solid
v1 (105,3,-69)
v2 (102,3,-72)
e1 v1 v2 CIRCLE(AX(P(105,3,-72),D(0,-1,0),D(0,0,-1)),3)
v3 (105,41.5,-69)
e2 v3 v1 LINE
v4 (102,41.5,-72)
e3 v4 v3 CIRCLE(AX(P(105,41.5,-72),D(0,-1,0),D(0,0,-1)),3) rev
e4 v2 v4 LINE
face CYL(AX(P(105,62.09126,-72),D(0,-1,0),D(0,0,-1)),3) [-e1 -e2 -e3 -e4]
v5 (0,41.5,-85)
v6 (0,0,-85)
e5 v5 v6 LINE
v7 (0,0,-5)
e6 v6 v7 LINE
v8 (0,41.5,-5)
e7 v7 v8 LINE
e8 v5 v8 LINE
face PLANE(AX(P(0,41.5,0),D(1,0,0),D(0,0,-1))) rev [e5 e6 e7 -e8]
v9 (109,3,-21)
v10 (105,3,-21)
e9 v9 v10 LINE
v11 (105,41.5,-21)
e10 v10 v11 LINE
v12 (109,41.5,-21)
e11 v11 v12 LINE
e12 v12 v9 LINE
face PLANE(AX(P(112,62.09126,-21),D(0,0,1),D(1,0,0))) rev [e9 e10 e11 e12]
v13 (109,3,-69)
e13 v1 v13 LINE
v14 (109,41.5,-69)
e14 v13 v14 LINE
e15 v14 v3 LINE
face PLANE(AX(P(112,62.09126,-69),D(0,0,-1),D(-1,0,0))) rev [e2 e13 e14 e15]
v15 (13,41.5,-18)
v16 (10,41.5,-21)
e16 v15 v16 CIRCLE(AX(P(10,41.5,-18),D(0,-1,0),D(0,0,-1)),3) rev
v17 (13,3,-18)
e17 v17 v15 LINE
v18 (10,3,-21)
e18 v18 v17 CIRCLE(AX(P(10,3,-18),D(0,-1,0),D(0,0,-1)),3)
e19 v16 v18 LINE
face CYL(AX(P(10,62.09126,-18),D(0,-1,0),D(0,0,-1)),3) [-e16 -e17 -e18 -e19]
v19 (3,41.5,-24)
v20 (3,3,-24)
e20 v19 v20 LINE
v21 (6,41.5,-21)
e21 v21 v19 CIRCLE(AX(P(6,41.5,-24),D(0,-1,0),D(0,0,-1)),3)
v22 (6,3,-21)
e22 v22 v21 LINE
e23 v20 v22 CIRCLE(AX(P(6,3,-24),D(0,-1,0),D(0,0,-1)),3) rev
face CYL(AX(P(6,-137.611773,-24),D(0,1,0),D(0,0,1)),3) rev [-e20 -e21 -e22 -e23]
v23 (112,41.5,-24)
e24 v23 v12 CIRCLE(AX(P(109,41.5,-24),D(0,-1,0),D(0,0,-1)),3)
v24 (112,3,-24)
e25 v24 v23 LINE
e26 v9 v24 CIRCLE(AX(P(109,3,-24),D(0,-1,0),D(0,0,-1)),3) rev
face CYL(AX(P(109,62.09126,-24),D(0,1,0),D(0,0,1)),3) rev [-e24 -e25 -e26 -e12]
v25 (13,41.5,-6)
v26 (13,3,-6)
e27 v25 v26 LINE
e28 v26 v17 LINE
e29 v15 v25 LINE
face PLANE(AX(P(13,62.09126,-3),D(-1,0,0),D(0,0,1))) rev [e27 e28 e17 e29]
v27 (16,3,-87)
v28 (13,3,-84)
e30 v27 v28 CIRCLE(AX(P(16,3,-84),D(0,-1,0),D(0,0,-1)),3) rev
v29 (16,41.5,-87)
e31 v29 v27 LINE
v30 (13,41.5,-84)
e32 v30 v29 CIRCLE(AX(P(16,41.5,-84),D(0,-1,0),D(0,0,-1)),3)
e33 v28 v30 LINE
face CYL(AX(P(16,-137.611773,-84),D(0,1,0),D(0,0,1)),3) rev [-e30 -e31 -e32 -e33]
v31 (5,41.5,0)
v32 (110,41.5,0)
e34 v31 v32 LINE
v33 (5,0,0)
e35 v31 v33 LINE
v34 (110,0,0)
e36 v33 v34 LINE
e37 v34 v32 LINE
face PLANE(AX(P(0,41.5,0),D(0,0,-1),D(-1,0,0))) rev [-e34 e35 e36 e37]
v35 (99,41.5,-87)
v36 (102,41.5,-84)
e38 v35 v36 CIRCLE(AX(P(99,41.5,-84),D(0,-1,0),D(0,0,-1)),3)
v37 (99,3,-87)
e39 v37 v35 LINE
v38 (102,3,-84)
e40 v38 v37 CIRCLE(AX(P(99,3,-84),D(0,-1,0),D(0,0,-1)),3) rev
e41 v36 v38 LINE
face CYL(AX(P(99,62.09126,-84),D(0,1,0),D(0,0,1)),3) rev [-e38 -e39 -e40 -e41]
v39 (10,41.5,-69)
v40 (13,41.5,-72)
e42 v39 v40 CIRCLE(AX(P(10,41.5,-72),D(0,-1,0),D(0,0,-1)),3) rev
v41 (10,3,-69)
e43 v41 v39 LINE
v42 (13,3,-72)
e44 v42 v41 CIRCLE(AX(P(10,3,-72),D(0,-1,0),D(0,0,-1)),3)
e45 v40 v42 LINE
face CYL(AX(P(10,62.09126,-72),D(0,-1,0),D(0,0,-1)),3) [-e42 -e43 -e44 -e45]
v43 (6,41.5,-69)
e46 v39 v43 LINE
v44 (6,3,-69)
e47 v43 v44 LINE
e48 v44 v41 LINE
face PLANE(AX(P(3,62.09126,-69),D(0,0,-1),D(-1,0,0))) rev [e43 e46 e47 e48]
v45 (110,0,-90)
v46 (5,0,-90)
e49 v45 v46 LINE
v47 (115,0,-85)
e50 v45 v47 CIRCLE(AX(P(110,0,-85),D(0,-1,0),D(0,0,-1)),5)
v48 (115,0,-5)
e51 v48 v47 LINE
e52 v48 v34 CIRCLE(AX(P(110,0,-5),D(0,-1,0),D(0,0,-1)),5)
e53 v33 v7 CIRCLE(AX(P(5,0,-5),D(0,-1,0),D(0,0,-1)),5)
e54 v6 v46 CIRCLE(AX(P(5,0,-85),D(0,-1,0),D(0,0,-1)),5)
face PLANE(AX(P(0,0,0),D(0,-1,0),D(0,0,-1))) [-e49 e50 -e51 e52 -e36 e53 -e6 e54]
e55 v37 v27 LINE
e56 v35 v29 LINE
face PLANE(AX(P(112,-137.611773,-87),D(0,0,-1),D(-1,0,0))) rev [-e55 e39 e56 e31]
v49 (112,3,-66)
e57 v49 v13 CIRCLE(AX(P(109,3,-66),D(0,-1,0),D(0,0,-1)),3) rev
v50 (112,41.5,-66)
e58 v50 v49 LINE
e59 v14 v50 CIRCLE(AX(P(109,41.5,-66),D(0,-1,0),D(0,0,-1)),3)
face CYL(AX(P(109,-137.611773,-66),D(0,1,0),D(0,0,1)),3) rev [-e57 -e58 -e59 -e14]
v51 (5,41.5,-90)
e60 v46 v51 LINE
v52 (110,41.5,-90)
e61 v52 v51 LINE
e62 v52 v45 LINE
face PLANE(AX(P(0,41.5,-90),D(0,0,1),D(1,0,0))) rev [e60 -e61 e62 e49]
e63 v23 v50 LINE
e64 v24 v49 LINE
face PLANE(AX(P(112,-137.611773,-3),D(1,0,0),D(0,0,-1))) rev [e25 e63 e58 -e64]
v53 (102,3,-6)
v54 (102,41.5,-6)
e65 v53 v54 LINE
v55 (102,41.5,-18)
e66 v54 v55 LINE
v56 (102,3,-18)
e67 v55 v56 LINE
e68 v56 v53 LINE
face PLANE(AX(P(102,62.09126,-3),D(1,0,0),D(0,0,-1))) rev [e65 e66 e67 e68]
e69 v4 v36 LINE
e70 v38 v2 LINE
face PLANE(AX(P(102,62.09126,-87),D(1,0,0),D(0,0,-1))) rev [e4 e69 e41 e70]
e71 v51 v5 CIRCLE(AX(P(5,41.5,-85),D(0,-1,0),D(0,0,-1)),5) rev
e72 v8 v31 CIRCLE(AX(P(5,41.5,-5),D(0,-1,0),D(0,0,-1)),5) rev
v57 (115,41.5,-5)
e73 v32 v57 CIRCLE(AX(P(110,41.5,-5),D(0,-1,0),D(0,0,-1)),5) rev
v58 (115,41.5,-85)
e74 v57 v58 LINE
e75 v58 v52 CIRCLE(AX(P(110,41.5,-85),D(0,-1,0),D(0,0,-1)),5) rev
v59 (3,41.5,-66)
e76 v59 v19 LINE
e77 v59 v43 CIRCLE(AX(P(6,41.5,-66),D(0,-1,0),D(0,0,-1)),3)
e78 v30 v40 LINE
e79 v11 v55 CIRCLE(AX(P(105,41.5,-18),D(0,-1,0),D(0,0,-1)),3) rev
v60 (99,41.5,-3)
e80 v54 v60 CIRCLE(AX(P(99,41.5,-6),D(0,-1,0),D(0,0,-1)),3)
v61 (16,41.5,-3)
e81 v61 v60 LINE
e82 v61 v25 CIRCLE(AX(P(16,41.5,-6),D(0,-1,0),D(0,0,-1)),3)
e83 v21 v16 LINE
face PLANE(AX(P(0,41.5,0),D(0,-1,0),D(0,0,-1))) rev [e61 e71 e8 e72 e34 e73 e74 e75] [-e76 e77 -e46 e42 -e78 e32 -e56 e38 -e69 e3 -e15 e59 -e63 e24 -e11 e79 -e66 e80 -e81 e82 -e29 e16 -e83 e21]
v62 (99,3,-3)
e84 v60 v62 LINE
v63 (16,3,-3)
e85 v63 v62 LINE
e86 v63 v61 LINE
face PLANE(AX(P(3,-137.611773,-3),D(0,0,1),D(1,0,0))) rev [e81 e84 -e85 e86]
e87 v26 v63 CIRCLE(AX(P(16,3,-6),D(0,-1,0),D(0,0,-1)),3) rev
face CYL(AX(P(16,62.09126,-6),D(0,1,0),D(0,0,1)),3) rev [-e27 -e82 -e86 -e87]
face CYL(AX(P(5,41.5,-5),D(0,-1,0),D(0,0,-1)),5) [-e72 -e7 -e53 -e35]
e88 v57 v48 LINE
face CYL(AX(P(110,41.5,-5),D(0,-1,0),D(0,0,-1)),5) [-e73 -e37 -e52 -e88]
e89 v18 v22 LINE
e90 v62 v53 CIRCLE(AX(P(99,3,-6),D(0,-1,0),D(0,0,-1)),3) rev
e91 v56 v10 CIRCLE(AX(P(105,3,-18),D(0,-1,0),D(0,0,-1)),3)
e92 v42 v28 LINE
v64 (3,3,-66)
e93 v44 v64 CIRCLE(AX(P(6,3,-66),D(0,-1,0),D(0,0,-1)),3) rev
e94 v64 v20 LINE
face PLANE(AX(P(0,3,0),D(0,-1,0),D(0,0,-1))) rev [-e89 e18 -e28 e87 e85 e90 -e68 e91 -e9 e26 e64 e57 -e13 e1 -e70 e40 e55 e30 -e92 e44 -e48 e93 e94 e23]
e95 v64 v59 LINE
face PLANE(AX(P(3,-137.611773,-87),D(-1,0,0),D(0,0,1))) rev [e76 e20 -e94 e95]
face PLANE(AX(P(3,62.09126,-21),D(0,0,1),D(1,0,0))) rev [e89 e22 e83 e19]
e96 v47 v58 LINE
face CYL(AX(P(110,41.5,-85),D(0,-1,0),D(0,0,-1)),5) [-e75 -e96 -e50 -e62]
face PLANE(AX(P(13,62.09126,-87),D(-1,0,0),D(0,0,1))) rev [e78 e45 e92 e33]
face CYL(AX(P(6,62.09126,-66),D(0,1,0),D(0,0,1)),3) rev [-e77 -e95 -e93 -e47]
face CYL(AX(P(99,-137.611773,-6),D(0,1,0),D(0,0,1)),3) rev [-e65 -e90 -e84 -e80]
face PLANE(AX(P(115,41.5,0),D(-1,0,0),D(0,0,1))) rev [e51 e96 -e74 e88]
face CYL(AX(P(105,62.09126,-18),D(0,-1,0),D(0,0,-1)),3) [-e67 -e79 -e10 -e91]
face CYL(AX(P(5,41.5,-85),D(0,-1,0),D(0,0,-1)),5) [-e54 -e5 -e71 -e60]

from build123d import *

# Parameters (mm, degrees)
SKETCH1_W           = 115
SKETCH1_H           = 90
BOSS_EXTRUDE1_DEPTH = 41.5
SKETCH3_W           = 109
SKETCH3_H           = 84
CUT_EXTRUDE1_DEPTH  = 38.5
SKETCH4_W           = 10
SKETCH4_H           = 18
BOSS_EXTRUDE2_DEPTH = 38.5
FILLET1_R           = 3
FILLET2_R           = 5


with BuildPart() as part:
    # Sketch1 → Boss-Extrude1 (new body)
    with BuildSketch(Plane(origin=(0, 0, 0), x_dir=(1, 0, 0), z_dir=(0, 1, 0))):
        with Locations((57.5, 45)):
            Rectangle(SKETCH1_W, SKETCH1_H)
    extrude(amount=BOSS_EXTRUDE1_DEPTH)

    # Sketch3 → Cut-Extrude1 (cut)
    with BuildSketch(Plane(origin=(0, 41.5, 0), x_dir=(1, 0, 0), z_dir=(0, 1, 0))):
        with Locations((57.5, 45)):
            Rectangle(SKETCH3_W, SKETCH3_H)
    extrude(amount=-CUT_EXTRUDE1_DEPTH, mode=Mode.SUBTRACT)

    # Sketch4 → Boss-Extrude2 (add)
    with BuildSketch(Plane(origin=(0, 3, 0), x_dir=(1, 0, 0), z_dir=(0, 1, 0))):
        with Locations((8, 78)):
            Rectangle(SKETCH4_W, SKETCH4_H)
        with Locations((107, 78)):
            Rectangle(SKETCH4_W, SKETCH4_H)
        with Locations((107, 12)):
            Rectangle(SKETCH4_W, SKETCH4_H)
        with Locations((8, 12)):
            Rectangle(SKETCH4_W, SKETCH4_H)
    extrude(amount=BOSS_EXTRUDE2_DEPTH)

    # Fillet1
    fillet1_edges = [part.edges().sort_by_distance(p)[0] for p in [
        (13, 22.25, -87),
        (13, 22.25, -69),
        (3, 22.25, -69),
        (102, 22.25, -69),
        (102, 22.25, -87),
        (112, 22.25, -69),
        (102, 22.25, -21),
        (112, 22.25, -21),
        (102, 22.25, -3),
        (13, 22.25, -21),
        (13, 22.25, -3),
        (3, 22.25, -21),
    ]]
    fillet(fillet1_edges, radius=FILLET1_R)

    # Fillet2
    fillet2_edges = [part.edges().sort_by_distance(p)[0] for p in [
        (0, 20.75, -90),
        (115, 20.75, -90),
        (115, 20.75, 0),
        (0, 20.75, 0),
    ]]
    fillet(fillet2_edges, radius=FILLET2_R)


solid = part.part
